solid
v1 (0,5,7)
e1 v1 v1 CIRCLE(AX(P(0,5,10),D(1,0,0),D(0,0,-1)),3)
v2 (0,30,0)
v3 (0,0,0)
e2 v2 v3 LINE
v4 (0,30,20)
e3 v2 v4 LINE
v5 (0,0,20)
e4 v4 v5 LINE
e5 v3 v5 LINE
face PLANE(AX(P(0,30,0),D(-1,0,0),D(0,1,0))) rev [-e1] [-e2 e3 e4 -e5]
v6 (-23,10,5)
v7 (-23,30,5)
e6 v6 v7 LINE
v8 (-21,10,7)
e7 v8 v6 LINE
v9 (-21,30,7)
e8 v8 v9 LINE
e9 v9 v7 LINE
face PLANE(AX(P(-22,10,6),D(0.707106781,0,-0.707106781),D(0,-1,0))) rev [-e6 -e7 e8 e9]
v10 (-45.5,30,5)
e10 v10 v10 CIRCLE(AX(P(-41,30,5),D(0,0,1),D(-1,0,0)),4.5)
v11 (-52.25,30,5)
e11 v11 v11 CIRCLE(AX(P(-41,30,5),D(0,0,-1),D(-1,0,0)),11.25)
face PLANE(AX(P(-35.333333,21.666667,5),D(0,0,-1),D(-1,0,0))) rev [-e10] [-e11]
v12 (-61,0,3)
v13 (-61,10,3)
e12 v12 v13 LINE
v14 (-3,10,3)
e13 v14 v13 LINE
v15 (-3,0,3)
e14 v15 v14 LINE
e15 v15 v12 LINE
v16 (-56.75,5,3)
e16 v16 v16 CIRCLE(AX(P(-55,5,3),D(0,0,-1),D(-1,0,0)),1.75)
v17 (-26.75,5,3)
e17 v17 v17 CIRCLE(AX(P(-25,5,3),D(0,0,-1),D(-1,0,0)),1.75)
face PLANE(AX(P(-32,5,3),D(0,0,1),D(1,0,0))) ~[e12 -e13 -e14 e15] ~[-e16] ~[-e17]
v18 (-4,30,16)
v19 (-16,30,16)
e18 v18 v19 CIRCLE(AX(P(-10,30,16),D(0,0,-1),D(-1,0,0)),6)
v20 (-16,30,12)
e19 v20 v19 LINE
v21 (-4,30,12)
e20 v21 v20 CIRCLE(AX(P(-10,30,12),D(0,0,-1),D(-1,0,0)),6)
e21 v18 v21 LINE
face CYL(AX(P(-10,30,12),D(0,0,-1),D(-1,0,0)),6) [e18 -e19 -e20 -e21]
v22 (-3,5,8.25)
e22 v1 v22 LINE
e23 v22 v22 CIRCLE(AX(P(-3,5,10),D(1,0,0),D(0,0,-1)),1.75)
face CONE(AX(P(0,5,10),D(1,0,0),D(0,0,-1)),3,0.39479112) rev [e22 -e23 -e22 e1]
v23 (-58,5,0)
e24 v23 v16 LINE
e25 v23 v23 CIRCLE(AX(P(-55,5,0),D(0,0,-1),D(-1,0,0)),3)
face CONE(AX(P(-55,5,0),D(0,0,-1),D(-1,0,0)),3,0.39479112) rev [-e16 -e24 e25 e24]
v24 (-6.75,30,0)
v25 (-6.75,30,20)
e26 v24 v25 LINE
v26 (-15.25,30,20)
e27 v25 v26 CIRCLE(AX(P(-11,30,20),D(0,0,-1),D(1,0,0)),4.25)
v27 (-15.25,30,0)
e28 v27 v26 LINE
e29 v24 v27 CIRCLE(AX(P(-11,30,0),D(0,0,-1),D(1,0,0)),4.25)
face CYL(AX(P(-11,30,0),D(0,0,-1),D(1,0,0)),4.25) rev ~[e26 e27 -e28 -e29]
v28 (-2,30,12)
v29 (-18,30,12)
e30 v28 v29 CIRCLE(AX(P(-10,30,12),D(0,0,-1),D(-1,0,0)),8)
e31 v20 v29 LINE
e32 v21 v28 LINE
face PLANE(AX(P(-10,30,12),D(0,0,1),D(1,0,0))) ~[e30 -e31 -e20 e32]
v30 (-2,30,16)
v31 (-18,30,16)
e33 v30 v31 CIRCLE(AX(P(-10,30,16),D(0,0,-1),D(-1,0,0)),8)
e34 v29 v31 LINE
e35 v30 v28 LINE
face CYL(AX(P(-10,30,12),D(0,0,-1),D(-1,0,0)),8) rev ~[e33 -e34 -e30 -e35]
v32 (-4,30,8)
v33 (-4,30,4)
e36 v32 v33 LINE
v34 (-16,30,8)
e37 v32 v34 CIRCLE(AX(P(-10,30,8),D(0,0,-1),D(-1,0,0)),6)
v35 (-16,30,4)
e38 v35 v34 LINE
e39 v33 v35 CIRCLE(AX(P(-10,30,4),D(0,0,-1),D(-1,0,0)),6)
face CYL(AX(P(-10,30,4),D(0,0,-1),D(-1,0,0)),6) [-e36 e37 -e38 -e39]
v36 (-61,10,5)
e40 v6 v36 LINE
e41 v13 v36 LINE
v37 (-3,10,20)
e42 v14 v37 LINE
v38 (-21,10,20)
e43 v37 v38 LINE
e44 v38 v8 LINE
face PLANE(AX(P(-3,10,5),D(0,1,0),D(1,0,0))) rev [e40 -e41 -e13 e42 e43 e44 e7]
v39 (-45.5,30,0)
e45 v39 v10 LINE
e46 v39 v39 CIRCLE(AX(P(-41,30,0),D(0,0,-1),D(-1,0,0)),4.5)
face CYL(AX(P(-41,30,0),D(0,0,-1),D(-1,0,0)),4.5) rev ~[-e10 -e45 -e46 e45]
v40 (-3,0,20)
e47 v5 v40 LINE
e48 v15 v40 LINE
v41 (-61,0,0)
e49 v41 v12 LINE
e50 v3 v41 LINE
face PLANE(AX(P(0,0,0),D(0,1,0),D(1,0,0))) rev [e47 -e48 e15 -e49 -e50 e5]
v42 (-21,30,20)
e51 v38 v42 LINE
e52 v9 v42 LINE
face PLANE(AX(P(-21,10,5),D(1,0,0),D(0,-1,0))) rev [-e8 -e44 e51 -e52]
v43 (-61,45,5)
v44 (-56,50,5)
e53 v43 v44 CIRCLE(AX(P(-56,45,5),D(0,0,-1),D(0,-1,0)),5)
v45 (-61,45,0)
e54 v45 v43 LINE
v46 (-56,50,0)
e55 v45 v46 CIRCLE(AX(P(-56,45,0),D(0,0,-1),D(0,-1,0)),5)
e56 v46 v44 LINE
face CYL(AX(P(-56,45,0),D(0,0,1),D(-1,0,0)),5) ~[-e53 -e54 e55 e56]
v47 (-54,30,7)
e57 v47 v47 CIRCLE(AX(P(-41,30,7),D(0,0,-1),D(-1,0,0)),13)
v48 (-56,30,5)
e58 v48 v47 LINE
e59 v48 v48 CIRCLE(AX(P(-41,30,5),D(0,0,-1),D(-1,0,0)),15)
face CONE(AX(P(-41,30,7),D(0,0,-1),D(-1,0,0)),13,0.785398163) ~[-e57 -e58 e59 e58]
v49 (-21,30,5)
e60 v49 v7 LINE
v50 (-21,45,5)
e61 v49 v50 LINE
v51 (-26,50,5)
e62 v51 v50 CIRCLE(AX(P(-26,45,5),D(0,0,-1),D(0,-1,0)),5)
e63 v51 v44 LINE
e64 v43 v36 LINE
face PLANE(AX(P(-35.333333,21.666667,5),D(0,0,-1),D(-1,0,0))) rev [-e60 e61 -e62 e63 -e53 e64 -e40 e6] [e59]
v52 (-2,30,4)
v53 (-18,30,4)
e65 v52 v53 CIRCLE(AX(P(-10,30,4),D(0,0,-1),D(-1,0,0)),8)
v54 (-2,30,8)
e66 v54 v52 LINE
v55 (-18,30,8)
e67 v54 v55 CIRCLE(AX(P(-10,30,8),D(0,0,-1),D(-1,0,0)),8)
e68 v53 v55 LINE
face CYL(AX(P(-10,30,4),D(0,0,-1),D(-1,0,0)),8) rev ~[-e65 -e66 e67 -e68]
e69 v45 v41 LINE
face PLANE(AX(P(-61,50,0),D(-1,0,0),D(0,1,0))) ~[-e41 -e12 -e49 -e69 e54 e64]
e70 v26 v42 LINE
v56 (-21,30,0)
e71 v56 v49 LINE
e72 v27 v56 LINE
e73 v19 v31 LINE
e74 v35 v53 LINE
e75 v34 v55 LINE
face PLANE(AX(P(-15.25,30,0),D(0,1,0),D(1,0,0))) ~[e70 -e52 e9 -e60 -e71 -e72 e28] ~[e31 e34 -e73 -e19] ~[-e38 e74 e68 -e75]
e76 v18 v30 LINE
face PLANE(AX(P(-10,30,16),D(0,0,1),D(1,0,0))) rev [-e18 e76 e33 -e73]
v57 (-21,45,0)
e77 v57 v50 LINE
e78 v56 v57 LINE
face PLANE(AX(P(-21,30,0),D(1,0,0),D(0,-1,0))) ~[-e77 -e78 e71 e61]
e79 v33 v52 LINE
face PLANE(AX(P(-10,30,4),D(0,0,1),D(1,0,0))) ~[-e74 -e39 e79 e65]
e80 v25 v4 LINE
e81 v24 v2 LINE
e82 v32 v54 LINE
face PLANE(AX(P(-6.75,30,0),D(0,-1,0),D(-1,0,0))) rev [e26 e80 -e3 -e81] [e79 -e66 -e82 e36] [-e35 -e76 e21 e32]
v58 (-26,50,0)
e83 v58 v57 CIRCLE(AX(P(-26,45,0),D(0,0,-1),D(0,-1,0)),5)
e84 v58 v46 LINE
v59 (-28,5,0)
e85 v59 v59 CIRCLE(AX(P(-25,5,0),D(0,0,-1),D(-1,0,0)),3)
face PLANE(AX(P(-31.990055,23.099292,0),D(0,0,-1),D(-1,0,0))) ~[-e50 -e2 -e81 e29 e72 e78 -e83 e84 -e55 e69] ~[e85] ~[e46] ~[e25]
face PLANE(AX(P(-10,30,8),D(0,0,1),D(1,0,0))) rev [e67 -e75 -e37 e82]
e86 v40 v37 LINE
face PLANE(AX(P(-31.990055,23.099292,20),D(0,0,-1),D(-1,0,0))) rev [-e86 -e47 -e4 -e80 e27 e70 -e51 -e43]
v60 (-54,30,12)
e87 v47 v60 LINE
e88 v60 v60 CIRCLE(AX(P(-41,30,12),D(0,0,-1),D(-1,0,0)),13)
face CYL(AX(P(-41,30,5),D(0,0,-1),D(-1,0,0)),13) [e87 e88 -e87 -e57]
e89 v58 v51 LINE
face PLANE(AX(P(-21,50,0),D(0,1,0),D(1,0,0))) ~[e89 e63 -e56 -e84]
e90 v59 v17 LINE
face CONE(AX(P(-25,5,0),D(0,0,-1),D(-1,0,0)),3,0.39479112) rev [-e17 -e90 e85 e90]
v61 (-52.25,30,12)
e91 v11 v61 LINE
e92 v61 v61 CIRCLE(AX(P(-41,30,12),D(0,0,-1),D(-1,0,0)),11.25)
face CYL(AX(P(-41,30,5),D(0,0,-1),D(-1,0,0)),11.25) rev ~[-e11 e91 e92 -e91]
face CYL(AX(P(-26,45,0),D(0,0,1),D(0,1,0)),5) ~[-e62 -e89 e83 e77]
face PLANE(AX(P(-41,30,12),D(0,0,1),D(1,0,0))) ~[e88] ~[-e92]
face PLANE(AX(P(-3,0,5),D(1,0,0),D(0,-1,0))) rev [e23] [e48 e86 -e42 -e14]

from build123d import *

# Parameters (mm, degrees)
CYLINDER029_R       = 11.25
CYLINDER029_DEPTH   = 7
CYLINDER030_R       = 13
CYLINDER030_DEPTH   = 7
BOX009_W            = 58
BOX009_H            = 10
BOX009_DEPTH        = 3
CONE005_PITCH_ANGLE = 90
CYLINDER028_R       = 6
CYLINDER028_DEPTH   = 4
CYLINDER027_R       = 8
CYLINDER027_DEPTH   = 4
PAD003_DEPTH        = 15
SKETCH004_R         = 4.5
PAD004_DEPTH        = 20
CHAMFER004_SIZE     = 2
CHAMFER005_SIZE     = 2
FILLET003_R         = 5


with BuildPart() as espai_608_int:
    # Cylinder029 → Cylinder029 (new body)
    with BuildSketch(Plane.XY):
        Circle(CYLINDER029_R)
    extrude(amount=CYLINDER029_DEPTH)


with BuildPart() as cut037:
    # Cylinder030 → Cylinder030 (new body)
    with BuildSketch(Plane.XY):
        Circle(CYLINDER030_R)
    extrude(amount=CYLINDER030_DEPTH)

    # Cut037: cut espai-608-int
    add(espai_608_int.part, mode=Mode.SUBTRACT)


with BuildPart() as cut037_1:
    # Cut037 placement: moved
    add(cut037.part.moved(Location((41, 30, 5))))


with BuildPart() as espai_fusta001:
    # Box009 → Box009 (new body)
    with BuildSketch(Plane(origin=(3, 0, 3), x_dir=(1, 0, 0), z_dir=(0, 0, 1))):
        with Locations((29, 5)):
            Rectangle(BOX009_W, BOX009_H)
    extrude(amount=BOX009_DEPTH)


with BuildPart() as cone_forat_cargol005:
    # Cone004 → Cone004 (revolve)
    with BuildSketch(Plane(origin=(55, 5, 0), x_dir=(1, 0, 0), z_dir=(0, -1, 0))):
        Polygon((0, 0), (3, 0), (1.75, 3), (0, 3), align=None)
    revolve(axis=Axis((55, 5, 0), (0, 0, 1)))


with BuildPart() as cone_forat_cargol004:
    # Cone003 → Cone003 (revolve)
    with BuildSketch(Plane(origin=(25, 5, 0), x_dir=(1, 0, 0), z_dir=(0, -1, 0))):
        Polygon((0, 0), (3, 0), (1.75, 3), (0, 3), align=None)
    revolve(axis=Axis((25, 5, 0), (0, 0, 1)))


with BuildPart() as cone_forat_cargol006:
    # Cone005 → Cone005 (revolve)
    with BuildSketch(Plane.XZ):
        Polygon((0, 0), (3, 0), (1.75, 3), (0, 3), align=None)
    revolve(axis=Axis((0, 0, 0), (0, 0, 1)))


with BuildPart() as cone_forat_cargol006_1:
    # Cone005 pitch: moved
    add(cone_forat_cargol006.part.rotate(Axis((0, 0, 0), (0, 1, 0)), CONE005_PITCH_ANGLE))


with BuildPart() as cone_forat_cargol006_2:
    # Cone005 placement: moved
    add(cone_forat_cargol006_1.part.moved(Location((0, 5, 10))))


with BuildPart() as cyl_brida_int005:
    # Cylinder028 → Cylinder028 (new body)
    with BuildSketch(Plane.XY):
        Circle(CYLINDER028_R)
    extrude(amount=CYLINDER028_DEPTH)


with BuildPart() as cyl_brida_ext005:
    # Cylinder027 → Cylinder027 (new body)
    with BuildSketch(Plane.XY):
        Circle(CYLINDER027_R)
    extrude(amount=CYLINDER027_DEPTH)


with BuildPart() as espai_brida008:
    # Cut036 base: copy of Cyl-brida-ext005
    add(cyl_brida_ext005.part)

    # Cut036: cut Cyl-brida-int005
    add(cyl_brida_int005.part, mode=Mode.SUBTRACT)


with BuildPart() as espai_brida008_1:
    # Cut036 placement: moved
    add(espai_brida008.part.moved(Location((10, 30, 12))))


with BuildPart() as espai_brida007:
    # Cut035 base: copy of Cyl-brida-ext005
    add(cyl_brida_ext005.part)

    # Cut035: cut Cyl-brida-int005
    add(cyl_brida_int005.part, mode=Mode.SUBTRACT)


with BuildPart() as espai_brida007_1:
    # Cut035 placement: moved
    add(espai_brida007.part.moved(Location((10, 30, 4))))


with BuildPart() as pad_perfil_retalla001:
    # Sketch003 → Pad003 (new body)
    with BuildSketch(Plane.XY.offset(5)):
        Polygon((3, 10), (21, 10), (21, 50), (61, 50), (61, 0), (3, 0), align=None)
    extrude(amount=PAD003_DEPTH)


with BuildPart() as y_end_idler:
    # Sketch004 → Pad004 (new body)
    with BuildSketch(Plane.XY):
        with BuildLine():
            ThreePointArc((6.75, 30), (11, 25.75), (15.25, 30))
            Line((15.25, 30), (21, 30))
            Line((21, 30), (21, 50))
            Line((21, 50), (61, 50))
            Line((61, 50), (61, 0))
            Line((0, 0), (61, 0))
            Line((0, 30), (0, 0))
            Line((6.75, 30), (0, 30))
        make_face()
        with Locations((41, 30)):
            Circle(SKETCH004_R, mode=Mode.SUBTRACT)
    extrude(amount=PAD004_DEPTH)

    # Cut034: cut Pad-perfil-retalla001
    add(pad_perfil_retalla001.part, mode=Mode.SUBTRACT)

    # Cut033: cut espai-brida007
    add(espai_brida007_1.part, mode=Mode.SUBTRACT)

    # Cut032: cut espai-brida008
    add(espai_brida008_1.part, mode=Mode.SUBTRACT)

    # Cut030: cut Cone-forat-cargol006
    add(cone_forat_cargol006_2.part, mode=Mode.SUBTRACT)

    # Cut029: cut Cone-forat-cargol004
    add(cone_forat_cargol004.part, mode=Mode.SUBTRACT)

    # Cut028: cut Cone-forat-cargol005
    add(cone_forat_cargol005.part, mode=Mode.SUBTRACT)

    # Cut031: cut espai-fusta001
    add(espai_fusta001.part, mode=Mode.SUBTRACT)

    # Fusion002: union Cut037
    add(cut037_1.part)

    # Chamfer004
    chamfer004_edges = [y_end_idler.edges().sort_by_distance(p)[0] for p in [
        (21, 20, 5),
    ]]
    chamfer(chamfer004_edges, length=CHAMFER004_SIZE)

    # Chamfer005
    chamfer005_edges = [y_end_idler.edges().sort_by_distance(p)[0] for p in [
        (28, 30, 5),
    ]]
    chamfer(chamfer005_edges, length=CHAMFER005_SIZE)

    # Fillet003
    fillet003_edges = [y_end_idler.edges().sort_by_distance(p)[0] for p in [
        (61, 50, 2.5),
        (21, 50, 2.5),
    ]]
    fillet(fillet003_edges, radius=FILLET003_R)


with BuildPart() as part_mirroring001:
    # Part__Mirroring001: instance of y-end-idler
    add(y_end_idler.part.mirror(Plane(origin=(0, 0, 0), x_dir=(0, -1, 0), z_dir=(1, 0, 0))))


solid = part_mirroring001.part
